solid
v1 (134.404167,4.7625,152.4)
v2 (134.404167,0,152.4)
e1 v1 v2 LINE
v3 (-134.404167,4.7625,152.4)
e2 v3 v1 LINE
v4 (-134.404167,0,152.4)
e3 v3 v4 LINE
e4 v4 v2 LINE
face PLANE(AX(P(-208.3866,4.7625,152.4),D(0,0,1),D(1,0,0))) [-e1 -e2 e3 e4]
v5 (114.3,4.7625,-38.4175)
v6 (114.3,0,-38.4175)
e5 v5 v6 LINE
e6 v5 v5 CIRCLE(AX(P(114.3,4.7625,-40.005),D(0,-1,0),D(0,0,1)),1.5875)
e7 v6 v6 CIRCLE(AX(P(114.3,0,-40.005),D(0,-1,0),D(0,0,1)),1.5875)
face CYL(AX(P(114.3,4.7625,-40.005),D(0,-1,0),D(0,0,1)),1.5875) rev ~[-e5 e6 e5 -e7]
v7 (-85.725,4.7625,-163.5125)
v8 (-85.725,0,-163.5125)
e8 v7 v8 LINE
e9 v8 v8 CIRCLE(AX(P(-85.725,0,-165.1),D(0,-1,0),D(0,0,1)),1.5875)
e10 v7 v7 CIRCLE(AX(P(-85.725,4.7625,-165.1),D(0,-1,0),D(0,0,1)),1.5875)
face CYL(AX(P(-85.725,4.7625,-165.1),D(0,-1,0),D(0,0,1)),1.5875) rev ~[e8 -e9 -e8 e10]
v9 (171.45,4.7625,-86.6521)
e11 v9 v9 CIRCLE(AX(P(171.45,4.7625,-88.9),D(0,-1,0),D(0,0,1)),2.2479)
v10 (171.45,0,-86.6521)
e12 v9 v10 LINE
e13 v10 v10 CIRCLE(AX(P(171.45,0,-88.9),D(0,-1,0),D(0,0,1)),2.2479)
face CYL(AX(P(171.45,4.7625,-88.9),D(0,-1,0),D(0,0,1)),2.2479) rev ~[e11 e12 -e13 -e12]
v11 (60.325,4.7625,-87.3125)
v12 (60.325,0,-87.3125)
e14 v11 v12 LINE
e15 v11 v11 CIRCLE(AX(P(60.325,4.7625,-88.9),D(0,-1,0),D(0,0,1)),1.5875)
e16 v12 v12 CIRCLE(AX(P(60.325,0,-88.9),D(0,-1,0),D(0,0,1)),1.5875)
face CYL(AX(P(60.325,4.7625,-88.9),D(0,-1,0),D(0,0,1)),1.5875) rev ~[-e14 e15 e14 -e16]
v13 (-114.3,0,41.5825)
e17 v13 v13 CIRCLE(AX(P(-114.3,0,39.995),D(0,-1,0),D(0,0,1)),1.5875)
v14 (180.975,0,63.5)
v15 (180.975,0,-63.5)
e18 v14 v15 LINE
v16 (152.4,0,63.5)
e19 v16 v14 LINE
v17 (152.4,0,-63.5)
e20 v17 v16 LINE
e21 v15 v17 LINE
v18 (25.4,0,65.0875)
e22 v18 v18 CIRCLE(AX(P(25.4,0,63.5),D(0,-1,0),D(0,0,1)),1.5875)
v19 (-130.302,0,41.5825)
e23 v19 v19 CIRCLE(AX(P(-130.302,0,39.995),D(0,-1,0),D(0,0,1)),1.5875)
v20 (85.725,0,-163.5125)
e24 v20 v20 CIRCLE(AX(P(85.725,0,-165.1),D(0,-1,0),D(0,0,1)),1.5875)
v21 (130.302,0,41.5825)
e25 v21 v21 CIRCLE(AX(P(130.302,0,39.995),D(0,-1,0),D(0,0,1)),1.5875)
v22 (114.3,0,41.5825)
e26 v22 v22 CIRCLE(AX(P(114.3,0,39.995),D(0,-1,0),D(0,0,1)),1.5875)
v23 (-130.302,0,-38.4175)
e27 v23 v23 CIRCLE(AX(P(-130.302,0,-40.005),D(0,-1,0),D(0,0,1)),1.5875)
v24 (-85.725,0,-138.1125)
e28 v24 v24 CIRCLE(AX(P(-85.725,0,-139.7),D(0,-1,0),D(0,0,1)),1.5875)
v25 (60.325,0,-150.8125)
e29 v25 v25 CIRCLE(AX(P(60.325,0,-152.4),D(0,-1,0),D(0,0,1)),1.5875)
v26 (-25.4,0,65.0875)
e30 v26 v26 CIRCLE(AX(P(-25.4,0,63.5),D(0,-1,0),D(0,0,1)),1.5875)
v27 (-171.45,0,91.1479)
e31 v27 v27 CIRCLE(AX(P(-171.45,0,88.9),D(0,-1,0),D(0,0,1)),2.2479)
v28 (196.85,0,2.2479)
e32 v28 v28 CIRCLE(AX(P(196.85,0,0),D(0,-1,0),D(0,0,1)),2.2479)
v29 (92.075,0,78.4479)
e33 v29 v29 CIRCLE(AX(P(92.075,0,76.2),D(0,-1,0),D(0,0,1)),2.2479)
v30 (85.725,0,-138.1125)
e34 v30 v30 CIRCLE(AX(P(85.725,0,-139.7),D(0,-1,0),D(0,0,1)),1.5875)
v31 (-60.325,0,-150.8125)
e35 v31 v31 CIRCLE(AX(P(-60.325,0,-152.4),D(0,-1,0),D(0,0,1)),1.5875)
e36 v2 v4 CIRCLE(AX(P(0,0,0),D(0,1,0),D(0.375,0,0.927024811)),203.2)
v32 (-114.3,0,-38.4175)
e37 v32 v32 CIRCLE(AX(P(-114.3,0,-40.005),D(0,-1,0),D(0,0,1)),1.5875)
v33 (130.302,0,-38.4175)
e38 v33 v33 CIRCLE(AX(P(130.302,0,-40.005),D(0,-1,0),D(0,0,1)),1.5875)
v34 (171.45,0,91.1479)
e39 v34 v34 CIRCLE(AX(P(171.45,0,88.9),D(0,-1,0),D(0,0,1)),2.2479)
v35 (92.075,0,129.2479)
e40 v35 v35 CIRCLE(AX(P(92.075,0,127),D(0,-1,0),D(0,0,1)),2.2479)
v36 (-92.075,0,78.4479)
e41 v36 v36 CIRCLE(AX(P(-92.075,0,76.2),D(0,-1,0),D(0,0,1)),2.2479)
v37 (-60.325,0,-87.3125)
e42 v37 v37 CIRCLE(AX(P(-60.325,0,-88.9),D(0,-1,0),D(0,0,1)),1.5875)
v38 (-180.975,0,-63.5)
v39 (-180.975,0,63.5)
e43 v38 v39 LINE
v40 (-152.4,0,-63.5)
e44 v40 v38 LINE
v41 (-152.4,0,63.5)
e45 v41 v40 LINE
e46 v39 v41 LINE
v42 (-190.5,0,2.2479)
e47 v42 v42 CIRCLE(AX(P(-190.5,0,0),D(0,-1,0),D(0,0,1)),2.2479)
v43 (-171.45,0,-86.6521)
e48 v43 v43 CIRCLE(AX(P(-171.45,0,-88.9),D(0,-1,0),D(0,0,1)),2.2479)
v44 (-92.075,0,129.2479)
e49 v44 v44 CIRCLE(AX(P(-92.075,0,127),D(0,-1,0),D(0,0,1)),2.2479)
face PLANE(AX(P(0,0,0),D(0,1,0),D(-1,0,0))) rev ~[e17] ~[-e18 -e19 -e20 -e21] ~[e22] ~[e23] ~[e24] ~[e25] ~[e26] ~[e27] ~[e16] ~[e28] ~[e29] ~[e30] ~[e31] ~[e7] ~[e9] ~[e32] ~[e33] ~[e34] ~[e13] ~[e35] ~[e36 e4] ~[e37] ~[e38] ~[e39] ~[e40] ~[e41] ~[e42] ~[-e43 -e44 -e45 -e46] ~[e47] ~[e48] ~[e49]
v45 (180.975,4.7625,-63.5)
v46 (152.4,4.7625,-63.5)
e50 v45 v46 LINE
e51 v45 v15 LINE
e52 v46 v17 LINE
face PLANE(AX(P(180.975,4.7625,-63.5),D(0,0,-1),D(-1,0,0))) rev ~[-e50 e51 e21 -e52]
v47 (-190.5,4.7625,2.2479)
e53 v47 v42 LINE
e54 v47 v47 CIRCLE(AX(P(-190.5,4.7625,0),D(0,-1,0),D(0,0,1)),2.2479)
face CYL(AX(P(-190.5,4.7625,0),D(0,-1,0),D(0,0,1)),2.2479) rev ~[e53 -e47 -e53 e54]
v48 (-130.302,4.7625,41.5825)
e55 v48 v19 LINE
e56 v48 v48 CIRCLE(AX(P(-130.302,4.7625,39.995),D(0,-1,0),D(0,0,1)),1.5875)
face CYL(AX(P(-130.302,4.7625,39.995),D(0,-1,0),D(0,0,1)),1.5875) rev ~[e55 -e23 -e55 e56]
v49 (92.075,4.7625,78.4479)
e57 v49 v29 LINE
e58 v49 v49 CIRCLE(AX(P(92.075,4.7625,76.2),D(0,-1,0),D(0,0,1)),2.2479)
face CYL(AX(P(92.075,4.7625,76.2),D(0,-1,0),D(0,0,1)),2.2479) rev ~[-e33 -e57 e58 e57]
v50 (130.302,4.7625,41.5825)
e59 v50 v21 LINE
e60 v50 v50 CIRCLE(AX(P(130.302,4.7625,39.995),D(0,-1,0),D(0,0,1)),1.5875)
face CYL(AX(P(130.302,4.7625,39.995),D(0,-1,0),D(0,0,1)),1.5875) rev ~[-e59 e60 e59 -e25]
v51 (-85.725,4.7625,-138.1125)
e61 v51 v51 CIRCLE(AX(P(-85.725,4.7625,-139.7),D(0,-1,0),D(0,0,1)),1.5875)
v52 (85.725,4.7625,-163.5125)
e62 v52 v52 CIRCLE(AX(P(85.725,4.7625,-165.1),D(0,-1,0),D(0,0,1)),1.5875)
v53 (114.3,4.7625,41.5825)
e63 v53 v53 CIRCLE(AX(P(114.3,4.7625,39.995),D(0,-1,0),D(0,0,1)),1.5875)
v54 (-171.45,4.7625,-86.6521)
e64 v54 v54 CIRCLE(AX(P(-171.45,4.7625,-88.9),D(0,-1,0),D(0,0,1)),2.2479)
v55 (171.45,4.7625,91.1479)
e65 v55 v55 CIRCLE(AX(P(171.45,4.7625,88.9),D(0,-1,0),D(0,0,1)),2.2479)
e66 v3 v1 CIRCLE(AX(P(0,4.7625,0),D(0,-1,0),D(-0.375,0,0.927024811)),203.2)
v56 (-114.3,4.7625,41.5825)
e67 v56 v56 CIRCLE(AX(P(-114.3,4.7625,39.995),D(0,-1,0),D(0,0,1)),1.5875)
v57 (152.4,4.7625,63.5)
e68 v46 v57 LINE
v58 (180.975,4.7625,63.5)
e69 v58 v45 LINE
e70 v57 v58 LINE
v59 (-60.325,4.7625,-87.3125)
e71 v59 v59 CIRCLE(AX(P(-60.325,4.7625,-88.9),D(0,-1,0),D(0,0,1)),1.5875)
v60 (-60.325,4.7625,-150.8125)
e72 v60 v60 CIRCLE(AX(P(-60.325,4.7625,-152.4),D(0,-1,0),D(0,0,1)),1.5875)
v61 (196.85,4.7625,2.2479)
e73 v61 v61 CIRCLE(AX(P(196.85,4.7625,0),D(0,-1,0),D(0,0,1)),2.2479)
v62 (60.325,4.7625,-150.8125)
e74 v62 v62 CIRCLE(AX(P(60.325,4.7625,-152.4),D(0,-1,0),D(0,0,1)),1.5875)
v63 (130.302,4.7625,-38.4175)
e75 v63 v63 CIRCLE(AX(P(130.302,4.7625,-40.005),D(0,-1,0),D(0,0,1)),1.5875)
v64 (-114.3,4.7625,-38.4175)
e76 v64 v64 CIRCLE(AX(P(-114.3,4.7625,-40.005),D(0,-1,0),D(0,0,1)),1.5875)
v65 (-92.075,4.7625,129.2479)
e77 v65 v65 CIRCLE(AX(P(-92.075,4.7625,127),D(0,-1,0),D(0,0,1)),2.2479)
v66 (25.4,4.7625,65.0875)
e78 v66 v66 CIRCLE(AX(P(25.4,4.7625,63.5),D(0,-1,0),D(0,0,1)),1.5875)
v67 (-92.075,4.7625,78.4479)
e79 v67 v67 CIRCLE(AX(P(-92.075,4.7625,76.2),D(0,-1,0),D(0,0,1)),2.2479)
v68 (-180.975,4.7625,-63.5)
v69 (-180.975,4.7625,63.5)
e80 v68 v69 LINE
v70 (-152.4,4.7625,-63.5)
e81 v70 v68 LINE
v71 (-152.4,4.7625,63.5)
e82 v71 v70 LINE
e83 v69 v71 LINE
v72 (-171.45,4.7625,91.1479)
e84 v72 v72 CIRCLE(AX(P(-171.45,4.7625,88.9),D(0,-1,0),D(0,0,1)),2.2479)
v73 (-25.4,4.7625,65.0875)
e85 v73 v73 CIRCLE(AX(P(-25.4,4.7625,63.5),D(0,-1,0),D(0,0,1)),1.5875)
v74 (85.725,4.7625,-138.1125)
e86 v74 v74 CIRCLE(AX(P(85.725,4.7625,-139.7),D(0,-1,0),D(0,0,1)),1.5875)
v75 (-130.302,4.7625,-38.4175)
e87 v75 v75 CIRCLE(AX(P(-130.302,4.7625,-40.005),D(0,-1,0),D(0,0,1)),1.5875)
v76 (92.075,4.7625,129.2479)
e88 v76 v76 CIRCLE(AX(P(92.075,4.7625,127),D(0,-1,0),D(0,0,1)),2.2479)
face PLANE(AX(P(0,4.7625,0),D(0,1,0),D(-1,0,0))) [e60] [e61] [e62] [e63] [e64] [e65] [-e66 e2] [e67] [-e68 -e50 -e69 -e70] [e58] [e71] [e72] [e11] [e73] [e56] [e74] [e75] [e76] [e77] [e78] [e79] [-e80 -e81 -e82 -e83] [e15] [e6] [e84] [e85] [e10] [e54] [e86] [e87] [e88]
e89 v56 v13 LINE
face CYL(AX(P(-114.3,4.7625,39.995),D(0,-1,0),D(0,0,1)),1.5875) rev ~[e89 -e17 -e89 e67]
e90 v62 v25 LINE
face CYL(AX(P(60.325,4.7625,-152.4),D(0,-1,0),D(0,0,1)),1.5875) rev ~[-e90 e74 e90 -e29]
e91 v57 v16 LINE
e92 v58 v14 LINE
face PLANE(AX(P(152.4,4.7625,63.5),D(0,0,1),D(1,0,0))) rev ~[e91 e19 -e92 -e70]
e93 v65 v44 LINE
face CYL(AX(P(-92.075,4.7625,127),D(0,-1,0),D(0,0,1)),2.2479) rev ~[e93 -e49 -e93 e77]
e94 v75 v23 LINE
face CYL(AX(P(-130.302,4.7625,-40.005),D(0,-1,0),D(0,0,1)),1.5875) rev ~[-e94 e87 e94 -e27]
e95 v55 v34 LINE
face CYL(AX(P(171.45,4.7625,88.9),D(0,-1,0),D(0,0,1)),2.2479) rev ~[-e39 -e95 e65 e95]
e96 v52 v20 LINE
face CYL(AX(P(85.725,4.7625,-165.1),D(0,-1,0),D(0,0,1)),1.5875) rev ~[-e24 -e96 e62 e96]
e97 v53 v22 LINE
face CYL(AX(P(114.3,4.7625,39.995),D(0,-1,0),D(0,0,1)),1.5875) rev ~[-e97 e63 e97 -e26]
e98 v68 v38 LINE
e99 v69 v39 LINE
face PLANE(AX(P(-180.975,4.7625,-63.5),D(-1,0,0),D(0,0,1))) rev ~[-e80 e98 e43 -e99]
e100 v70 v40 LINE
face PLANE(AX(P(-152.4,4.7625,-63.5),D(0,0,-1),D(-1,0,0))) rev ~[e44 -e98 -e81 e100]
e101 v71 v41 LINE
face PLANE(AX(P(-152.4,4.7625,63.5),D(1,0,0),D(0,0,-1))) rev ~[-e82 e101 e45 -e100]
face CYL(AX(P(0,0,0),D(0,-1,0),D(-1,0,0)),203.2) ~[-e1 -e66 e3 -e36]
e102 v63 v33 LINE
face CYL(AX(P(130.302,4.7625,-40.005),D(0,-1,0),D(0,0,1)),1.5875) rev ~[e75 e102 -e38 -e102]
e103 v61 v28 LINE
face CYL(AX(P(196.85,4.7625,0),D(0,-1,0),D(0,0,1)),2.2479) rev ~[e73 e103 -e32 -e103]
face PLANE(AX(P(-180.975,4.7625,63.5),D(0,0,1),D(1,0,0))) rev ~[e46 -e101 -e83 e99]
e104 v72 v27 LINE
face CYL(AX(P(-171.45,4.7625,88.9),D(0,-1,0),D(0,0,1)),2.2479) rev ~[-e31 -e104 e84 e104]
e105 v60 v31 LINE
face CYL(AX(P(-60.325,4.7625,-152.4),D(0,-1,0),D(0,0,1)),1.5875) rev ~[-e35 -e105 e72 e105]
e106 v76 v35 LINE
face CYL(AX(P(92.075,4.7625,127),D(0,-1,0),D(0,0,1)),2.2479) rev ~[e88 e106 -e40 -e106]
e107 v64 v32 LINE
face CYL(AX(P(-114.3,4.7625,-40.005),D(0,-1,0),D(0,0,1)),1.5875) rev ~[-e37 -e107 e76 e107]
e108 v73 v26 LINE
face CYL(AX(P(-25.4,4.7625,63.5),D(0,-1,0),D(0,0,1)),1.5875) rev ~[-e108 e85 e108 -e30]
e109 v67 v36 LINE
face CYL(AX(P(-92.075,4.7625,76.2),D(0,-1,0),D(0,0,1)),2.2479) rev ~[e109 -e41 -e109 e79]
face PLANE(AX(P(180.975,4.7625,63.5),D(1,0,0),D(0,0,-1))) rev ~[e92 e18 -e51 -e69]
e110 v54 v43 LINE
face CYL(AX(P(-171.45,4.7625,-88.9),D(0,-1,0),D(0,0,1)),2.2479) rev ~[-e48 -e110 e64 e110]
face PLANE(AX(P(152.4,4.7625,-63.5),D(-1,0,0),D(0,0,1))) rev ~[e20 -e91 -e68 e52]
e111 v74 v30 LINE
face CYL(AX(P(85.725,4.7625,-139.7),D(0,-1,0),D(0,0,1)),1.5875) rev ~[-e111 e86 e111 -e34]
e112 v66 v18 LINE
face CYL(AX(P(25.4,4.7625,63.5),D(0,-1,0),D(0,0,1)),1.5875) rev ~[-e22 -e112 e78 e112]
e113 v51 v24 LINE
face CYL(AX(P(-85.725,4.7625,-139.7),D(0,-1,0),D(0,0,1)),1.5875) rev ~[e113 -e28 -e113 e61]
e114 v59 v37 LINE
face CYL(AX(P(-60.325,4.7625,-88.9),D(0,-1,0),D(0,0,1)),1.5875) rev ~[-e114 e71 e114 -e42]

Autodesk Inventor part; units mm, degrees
ref_plane "YZ Plane" through (0, 0, 0) normal (1, 0, 0) x (0, 1, 0)
ref_plane "XZ Plane" through (0, 0, 0) normal (0, 1, 0) x (-1, 0, 0)
ref_plane "XY Plane" through (0, 0, 0) normal (0, 0, 1) x (1, 0, 0)
sketch "Sketch1" plane through (0, 0, 0) normal (0, 1, 0) x (-1, 0, 0)
  circle A0 centre (0, 0) radius 203.2
  dimension "d0" = 406.4
extrude "Extrusion1" add sketch "Sketch1" along normal blind 4.7625
sketch "Sketch2" plane through (0, 4.7625, 0) normal (0, 1, 0) x (1, 0, 0)
  point P0 (0, 0)
  point P1 (114.3, 40.005)
  point P2 (114.3, -39.995)
  point P3 (-114.3, 40.005)
  point P4 (-114.3, -39.995)
  dimension "d3" = 0
  dimension "d4" = 80
  dimension "d5" = 40.005
  dimension "d6" = 0
  dimension "d7" = 0
  dimension "d8" = 0
  dimension "d9" = 114.3
  dimension "d10" = 114.3
hole "Hole1" at (114.3, 4.7625, -40.005) at (114.3, 4.7625, 39.995) at (-114.3, 4.7625, -40.005) at (-114.3, 4.7625, 39.995) direction (0, -1, 0) diameter 3.175 end through all
sketch "Sketch3" plane through (0, 4.7625, 0) normal (0, 1, 0) x (1, 0, 0)
  line L0 (180.975, 63.5) -> (152.4, 63.5)
  line L1 (152.4, 63.5) -> (152.4, -63.5)
  line L2 (152.4, -63.5) -> (180.975, -63.5)
  line L3 (180.975, -63.5) -> (180.975, 63.5)
  line L4 (-152.4, 63.5) -> (-180.975, 63.5)
  line L5 (-180.975, 63.5) -> (-180.975, -63.5)
  line L6 (-180.975, -63.5) -> (-152.4, -63.5)
  line L7 (-152.4, -63.5) -> (-152.4, 63.5)
  point P0 (0, 0)
  dimension "d18" = 0
  dimension "d19" = 0
  dimension "d20" = 152.4
  dimension "d21" = 152.4
  dimension "d22" = 127
  dimension "d23" = 63.5
  dimension "d24" = 28.575
  dimension "d25" = 28.575
extrude "Extrusion2" cut sketch "Sketch3" against normal blind 25.4
sketch "Sketch4" plane through (0, 4.7625, 0) normal (0, 1, 0) x (1, 0, 0)
  line L0 (152.4, -63.5) -> (152.4, 63.5) projected
  line L1 (152.4, 63.5) -> (180.975, 63.5) projected
  line L2 (180.975, 63.5) -> (180.975, -63.5) projected
  line L3 (180.975, -63.5) -> (152.4, -63.5) projected
  line L4 (-180.975, -63.5) -> (-180.975, 63.5) projected
  line L5 (-180.975, 63.5) -> (-152.4, 63.5) projected
  line L6 (-152.4, 63.5) -> (-152.4, -63.5) projected
  line L7 (-152.4, -63.5) -> (-180.975, -63.5) projected
  circle A0 centre (-114.3, 40.005) radius 1.5875 projected
  circle A1 centre (114.3, 40.005) radius 1.5875 projected
  circle A2 centre (114.3, -39.995) radius 1.5875 projected
  circle A3 centre (-114.3, -39.995) radius 1.5875 projected
  circle A4 centre (0, 0) radius 203.2 projected
  circle A5 centre (114.3, -39.995) radius 1.5875 projected
  point P0 (-130.302, 40.005)
  point P1 (-130.302, -39.995)
  point P2 (130.302, 40.005)
  point P3 (130.302, -39.995)
  dimension "d28" = 0
  dimension "d29" = 0
  dimension "d30" = 0
  dimension "d32" = 0
  dimension "d33" = 0
  dimension "d34" = 0
  dimension "d43" = 16.002
  dimension "d44" = 16.002
hole "Hole2" at (-130.302, 4.7625, -40.005) at (-130.302, 4.7625, 39.995) at (130.302, 4.7625, -40.005) at (130.302, 4.7625, 39.995) direction (0, -1, 0) diameter 3.175 end through all
sketch "Sketch5" plane through (0, 4.7625, 0) normal (0, 1, 0) x (1, 0, 0)
  point P0 (0, 0)
  point P1 (60.325, 152.4)
  point P2 (60.325, 88.9)
  point P3 (-60.325, 88.9)
  point P4 (-60.325, 152.4)
  dimension "d45" = 0
  dimension "d46" = 0
  dimension "d47" = 0
  dimension "d48" = 0
  dimension "d49" = 60.325
  dimension "d50" = 60.325
  dimension "d51" = 63.5
  dimension "d52" = 88.9
hole "Hole3" at (60.325, 4.7625, -152.4) at (60.325, 4.7625, -88.9) at (-60.325, 4.7625, -88.9) at (-60.325, 4.7625, -152.4) direction (0, -1, 0) diameter 3.175 end through all
sketch "Sketch6" plane through (0, 4.7625, 0) normal (0, 1, 0) x (1, 0, 0)
  circle A0 centre (60.325, 152.4) radius 1.5875 projected
  circle A1 centre (-60.325, 152.4) radius 1.5875 projected
  point P0 (0, 0)
  point P1 (-85.725, 139.7)
  point P2 (85.725, 139.7)
  point P3 (-85.725, 165.1)
  point P4 (85.725, 165.1)
  dimension "d64" = 0
  dimension "d65" = 25.4
  dimension "d66" = 0
  dimension "d67" = 25.4
  dimension "d68" = 12.7
  dimension "d69" = 25.4
  dimension "d70" = 12.7
  dimension "d71" = 25.4
hole "Hole4" at (-85.725, 4.7625, -139.7) at (85.725, 4.7625, -139.7) at (-85.725, 4.7625, -165.1) at (85.725, 4.7625, -165.1) direction (0, -1, 0) diameter 3.175 end through all
sketch "Sketch8" plane through (0, 4.7625, 0) normal (0, 1, 0) x (1, 0, 0)
  line L0 (-76.2, 0) -> (-76.2, -101.6) projected
  line L1 (-76.2, -101.6) -> (76.2, -101.6) projected
  point P0 (0, 0)
  point P1 (-25.4, -63.5)
  point P2 (25.4, -63.5)
  point P3 (-203.2, 0)
  dimension "d86" = 0
  dimension "d89" = 50.8
  dimension "d99" = 63.5
  dimension "d100" = 25.4
hole "Hole5" at (-25.4, 4.7625, 63.5) at (25.4, 4.7625, 63.5) direction (0, -1, 0) diameter 3.175 depth 25.4 tip angle 118.188
sketch "Sketch9" plane through (0, 4.7625, 0) normal (0, 1, 0) x (1, 0, 0)
  line L0 (-76.2, -158.75) -> (76.2, -158.75)
  line L1 (76.2, -158.75) -> (76.2, -299.4145)
  line L2 (76.2, -299.4145) -> (-76.2, -299.4145)
  line L3 (-76.2, -299.4145) -> (-76.2, -158.75)
  point P0 (0, 0)
  dimension "d101" = 158.75
  dimension "d104" = 76.2
  dimension "d105" = 76.2
extrude "Extrusion4" cut sketch "Sketch9" against normal blind 25.4
sketch "Sketch10" plane through (0, 4.7625, 0) normal (0, 1, 0) x (1, 0, 0)
  circle A0 centre (25.4, -63.5) radius 1.5875 projected
  point P0 (0, 0)
  point P1 (-92.075, -76.2)
  point P2 (-92.075, -127)
  point P3 (92.075, -76.2)
  point P4 (92.075, -127)
  dimension "d106" = 0
  dimension "d107" = 0
  dimension "d108" = 0
  dimension "d109" = 50.8
  dimension "d110" = 0
  dimension "d111" = 92.075
  dimension "d112" = 92.075
  dimension "d113" = 12.7
hole "Hole6" at (-92.075, 4.7625, 76.2) at (-92.075, 4.7625, 127) at (92.075, 4.7625, 76.2) at (92.075, 4.7625, 127) direction (0, -1, 0) diameter 4.4958 end through all clearance for "Flat Head Machine Screw (82)" size "#8" standard "Ansi Unified Screw Threads"
sketch "Sketch11" plane through (0, 4.7625, 0) normal (0, 1, 0) x (1, 0, 0)
  line L0 (-208.3866, -152.4) -> (200.3636, -152.4)
  line L1 (200.3636, -152.4) -> (200.3636, -247.6891)
  line L2 (200.3636, -247.6891) -> (-208.3866, -247.6891)
  line L3 (-208.3866, -247.6891) -> (-208.3866, -152.4)
  circle A0 centre (-92.075, -127) radius 2.2479 projected
  point P0 (0, 0)
  dimension "d121" = 25.4
extrude "Extrusion5" cut sketch "Sketch11" against normal blind 25.4 contours L0 L1 L2 L3
sketch "Sketch12" plane through (0, 4.7625, 0) normal (0, 1, 0) x (1, 0, 0)
  point P0 (0, 0)
  point P1 (196.85, 0)
  point P2 (171.45, 88.9)
  point P3 (171.45, -88.9)
  point P4 (-171.45, -88.9)
  point P5 (-190.5, 0)
  point P6 (-171.45, 88.9)
  dimension "d124" = 0
  dimension "d125" = 88.9
  dimension "d126" = 88.9
  dimension "d127" = 171.45
  dimension "d128" = 171.45
  dimension "d129" = 171.45
  dimension "d130" = 171.45
  dimension "d131" = 88.9
  dimension "d132" = 88.9
  dimension "d133" = 0
  dimension "d134" = 196.85
  dimension "d142" = 190.5
hole "Hole7" at (196.85, 4.7625, 0) at (171.45, 4.7625, -88.9) at (171.45, 4.7625, 88.9) at (-171.45, 4.7625, 88.9) at (-190.5, 4.7625, 0) at (-171.45, 4.7625, -88.9) direction (0, -1, 0) diameter 4.4958 end through all clearance for "Flat Head Machine Screw (82)" size "#8" standard "Ansi Unified Screw Threads"
properties part number "BottomPlate"
